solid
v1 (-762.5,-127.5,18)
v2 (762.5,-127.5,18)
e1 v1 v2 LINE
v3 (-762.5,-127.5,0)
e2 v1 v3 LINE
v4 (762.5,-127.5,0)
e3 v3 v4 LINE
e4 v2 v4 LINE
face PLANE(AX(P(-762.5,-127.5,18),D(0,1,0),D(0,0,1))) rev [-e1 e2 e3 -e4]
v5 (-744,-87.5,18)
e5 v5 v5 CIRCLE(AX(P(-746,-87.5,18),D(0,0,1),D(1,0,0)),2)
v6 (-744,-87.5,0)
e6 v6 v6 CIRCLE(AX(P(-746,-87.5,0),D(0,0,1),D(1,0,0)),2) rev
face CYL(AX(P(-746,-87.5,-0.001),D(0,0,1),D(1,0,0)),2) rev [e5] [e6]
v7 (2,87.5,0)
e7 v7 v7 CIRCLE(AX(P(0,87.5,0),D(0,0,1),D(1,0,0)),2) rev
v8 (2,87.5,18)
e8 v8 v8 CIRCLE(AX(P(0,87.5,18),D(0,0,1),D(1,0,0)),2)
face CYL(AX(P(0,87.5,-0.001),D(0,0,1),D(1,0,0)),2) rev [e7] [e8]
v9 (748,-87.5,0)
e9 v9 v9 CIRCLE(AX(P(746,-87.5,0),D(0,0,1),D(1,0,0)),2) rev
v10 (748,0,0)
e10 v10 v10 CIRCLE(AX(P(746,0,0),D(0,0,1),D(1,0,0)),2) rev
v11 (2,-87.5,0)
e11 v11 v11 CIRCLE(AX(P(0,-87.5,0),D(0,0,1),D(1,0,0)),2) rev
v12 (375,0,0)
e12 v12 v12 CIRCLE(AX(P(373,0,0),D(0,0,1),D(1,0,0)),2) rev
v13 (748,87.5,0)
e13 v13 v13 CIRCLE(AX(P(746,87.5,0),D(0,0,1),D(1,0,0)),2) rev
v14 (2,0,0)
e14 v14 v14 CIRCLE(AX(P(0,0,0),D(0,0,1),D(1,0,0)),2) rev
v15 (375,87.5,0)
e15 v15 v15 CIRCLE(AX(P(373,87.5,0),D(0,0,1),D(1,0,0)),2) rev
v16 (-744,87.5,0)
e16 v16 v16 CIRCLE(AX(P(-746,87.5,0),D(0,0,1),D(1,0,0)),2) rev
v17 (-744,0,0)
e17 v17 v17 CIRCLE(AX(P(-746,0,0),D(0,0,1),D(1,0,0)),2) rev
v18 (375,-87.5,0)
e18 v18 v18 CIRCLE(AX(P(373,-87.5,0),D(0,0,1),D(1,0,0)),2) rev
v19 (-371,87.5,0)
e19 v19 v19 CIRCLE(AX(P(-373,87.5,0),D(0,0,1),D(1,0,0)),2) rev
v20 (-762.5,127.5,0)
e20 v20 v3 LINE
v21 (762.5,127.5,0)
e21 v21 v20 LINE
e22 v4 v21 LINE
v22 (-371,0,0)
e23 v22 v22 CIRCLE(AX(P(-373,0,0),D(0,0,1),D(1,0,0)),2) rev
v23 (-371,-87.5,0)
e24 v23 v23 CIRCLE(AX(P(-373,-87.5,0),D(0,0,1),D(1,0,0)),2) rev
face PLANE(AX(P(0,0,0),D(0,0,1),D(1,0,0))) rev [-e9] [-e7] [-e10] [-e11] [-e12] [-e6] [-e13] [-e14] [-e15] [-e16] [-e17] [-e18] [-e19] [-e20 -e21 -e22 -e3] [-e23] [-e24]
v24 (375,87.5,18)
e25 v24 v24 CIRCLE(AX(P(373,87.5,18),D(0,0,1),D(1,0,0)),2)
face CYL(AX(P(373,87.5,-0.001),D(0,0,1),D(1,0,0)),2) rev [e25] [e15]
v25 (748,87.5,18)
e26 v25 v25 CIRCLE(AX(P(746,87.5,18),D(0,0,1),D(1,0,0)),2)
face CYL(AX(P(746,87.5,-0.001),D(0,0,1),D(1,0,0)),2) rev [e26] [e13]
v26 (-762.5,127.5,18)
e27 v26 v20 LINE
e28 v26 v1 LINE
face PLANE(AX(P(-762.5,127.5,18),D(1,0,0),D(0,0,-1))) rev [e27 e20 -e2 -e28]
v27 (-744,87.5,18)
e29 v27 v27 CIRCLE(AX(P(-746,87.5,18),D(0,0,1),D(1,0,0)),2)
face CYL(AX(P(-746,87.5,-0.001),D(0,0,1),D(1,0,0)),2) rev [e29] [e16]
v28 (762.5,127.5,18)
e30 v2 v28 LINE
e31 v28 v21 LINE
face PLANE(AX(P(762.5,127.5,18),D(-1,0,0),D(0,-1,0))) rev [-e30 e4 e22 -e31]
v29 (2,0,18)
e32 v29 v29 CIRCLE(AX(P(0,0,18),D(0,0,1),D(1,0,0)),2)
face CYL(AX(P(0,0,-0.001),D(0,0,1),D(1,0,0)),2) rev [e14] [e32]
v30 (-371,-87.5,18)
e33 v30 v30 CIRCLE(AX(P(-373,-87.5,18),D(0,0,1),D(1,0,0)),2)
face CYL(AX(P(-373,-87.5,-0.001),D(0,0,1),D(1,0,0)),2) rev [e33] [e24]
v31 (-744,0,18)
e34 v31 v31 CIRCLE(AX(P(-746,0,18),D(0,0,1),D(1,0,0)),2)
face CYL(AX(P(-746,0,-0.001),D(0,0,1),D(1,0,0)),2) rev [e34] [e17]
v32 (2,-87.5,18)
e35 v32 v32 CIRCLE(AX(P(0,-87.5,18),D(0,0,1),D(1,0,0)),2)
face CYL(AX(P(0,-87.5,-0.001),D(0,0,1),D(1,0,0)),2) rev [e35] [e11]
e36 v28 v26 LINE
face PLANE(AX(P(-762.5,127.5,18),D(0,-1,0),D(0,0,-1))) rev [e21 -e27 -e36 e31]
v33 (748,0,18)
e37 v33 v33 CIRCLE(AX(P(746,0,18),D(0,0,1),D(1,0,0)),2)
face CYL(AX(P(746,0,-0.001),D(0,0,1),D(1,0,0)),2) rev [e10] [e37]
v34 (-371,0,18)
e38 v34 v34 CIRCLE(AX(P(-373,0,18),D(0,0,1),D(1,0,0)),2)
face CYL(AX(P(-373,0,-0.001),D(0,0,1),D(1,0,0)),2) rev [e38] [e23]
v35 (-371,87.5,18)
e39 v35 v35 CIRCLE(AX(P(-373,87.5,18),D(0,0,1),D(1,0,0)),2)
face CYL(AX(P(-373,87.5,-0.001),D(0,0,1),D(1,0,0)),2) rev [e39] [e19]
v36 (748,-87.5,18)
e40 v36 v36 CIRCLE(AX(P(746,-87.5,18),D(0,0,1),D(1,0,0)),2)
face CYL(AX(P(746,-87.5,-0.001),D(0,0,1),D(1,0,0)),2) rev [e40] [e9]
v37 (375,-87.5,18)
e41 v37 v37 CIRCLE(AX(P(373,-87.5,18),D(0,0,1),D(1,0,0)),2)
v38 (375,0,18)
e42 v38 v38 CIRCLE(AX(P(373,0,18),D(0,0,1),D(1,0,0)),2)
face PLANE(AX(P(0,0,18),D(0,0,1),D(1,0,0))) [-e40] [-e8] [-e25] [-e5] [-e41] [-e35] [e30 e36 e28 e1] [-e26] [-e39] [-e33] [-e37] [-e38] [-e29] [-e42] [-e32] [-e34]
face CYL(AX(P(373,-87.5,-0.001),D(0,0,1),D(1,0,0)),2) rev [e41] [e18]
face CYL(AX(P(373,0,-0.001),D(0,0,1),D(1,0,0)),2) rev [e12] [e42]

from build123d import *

# Parameters (mm, degrees)
SKIZZE1_W                       = 1525
SKIZZE1_H                       = 255
AUFSATZ_LINEAR_AUSTRAGEN1_DEPTH = 18
SCHNITT_LINEAR_AUSTRAGEN1_REACH = 20
SKIZZE3_R                       = 2


with BuildPart() as part:
    # Skizze1 → Aufsatz-Linear austragen1 (new body)
    with BuildSketch(Plane.XY):
        Rectangle(SKIZZE1_W, SKIZZE1_H)
    extrude(amount=AUFSATZ_LINEAR_AUSTRAGEN1_DEPTH)

    # Skizze3 → Schnitt-Linear austragen1 (cut, up to next)
    with BuildSketch(Plane.XY.offset(18), mode=Mode.PRIVATE) as schnitt_linear_austragen1_sk1:
        with Locations((-746, 87.5)):
            Circle(SKIZZE3_R)
    schnitt_linear_austragen1_tool1 = extrude(schnitt_linear_austragen1_sk1.sketch, amount=-SCHNITT_LINEAR_AUSTRAGEN1_REACH, mode=Mode.PRIVATE) & part.part
    add(schnitt_linear_austragen1_tool1.solids().sort_by_distance((-746, 87.5, 18))[0], mode=Mode.SUBTRACT)
    # Skizze3 → Schnitt-Linear austragen1 (cut, up to next)
    with BuildSketch(Plane.XY.offset(18), mode=Mode.PRIVATE) as schnitt_linear_austragen1_sk2:
        with Locations((-746, 0)):
            Circle(SKIZZE3_R)
    schnitt_linear_austragen1_tool2 = extrude(schnitt_linear_austragen1_sk2.sketch, amount=-SCHNITT_LINEAR_AUSTRAGEN1_REACH, mode=Mode.PRIVATE) & part.part
    add(schnitt_linear_austragen1_tool2.solids().sort_by_distance((-746, 0, 18))[0], mode=Mode.SUBTRACT)
    # Skizze3 → Schnitt-Linear austragen1 (cut, up to next)
    with BuildSketch(Plane.XY.offset(18), mode=Mode.PRIVATE) as schnitt_linear_austragen1_sk3:
        with Locations((-746, -87.5)):
            Circle(SKIZZE3_R)
    schnitt_linear_austragen1_tool3 = extrude(schnitt_linear_austragen1_sk3.sketch, amount=-SCHNITT_LINEAR_AUSTRAGEN1_REACH, mode=Mode.PRIVATE) & part.part
    add(schnitt_linear_austragen1_tool3.solids().sort_by_distance((-746, -87.5, 18))[0], mode=Mode.SUBTRACT)
    # Skizze3 → Schnitt-Linear austragen1 (cut, up to next)
    with BuildSketch(Plane.XY.offset(18), mode=Mode.PRIVATE) as schnitt_linear_austragen1_sk4:
        with Locations((-373, -87.5)):
            Circle(SKIZZE3_R)
    schnitt_linear_austragen1_tool4 = extrude(schnitt_linear_austragen1_sk4.sketch, amount=-SCHNITT_LINEAR_AUSTRAGEN1_REACH, mode=Mode.PRIVATE) & part.part
    add(schnitt_linear_austragen1_tool4.solids().sort_by_distance((-373, -87.5, 18))[0], mode=Mode.SUBTRACT)
    # Skizze3 → Schnitt-Linear austragen1 (cut, up to next)
    with BuildSketch(Plane.XY.offset(18), mode=Mode.PRIVATE) as schnitt_linear_austragen1_sk5:
        with Locations((-373, 0)):
            Circle(SKIZZE3_R)
    schnitt_linear_austragen1_tool5 = extrude(schnitt_linear_austragen1_sk5.sketch, amount=-SCHNITT_LINEAR_AUSTRAGEN1_REACH, mode=Mode.PRIVATE) & part.part
    add(schnitt_linear_austragen1_tool5.solids().sort_by_distance((-373, 0, 18))[0], mode=Mode.SUBTRACT)
    # Skizze3 → Schnitt-Linear austragen1 (cut, up to next)
    with BuildSketch(Plane.XY.offset(18), mode=Mode.PRIVATE) as schnitt_linear_austragen1_sk6:
        with Locations((-373, 87.5)):
            Circle(SKIZZE3_R)
    schnitt_linear_austragen1_tool6 = extrude(schnitt_linear_austragen1_sk6.sketch, amount=-SCHNITT_LINEAR_AUSTRAGEN1_REACH, mode=Mode.PRIVATE) & part.part
    add(schnitt_linear_austragen1_tool6.solids().sort_by_distance((-373, 87.5, 18))[0], mode=Mode.SUBTRACT)
    # Skizze3 → Schnitt-Linear austragen1 (cut, up to next)
    with BuildSketch(Plane.XY.offset(18), mode=Mode.PRIVATE) as schnitt_linear_austragen1_sk7:
        with Locations((0, -87.5)):
            Circle(SKIZZE3_R)
    schnitt_linear_austragen1_tool7 = extrude(schnitt_linear_austragen1_sk7.sketch, amount=-SCHNITT_LINEAR_AUSTRAGEN1_REACH, mode=Mode.PRIVATE) & part.part
    add(schnitt_linear_austragen1_tool7.solids().sort_by_distance((0, -87.5, 18))[0], mode=Mode.SUBTRACT)
    # Skizze3 → Schnitt-Linear austragen1 (cut, up to next)
    with BuildSketch(Plane.XY.offset(18), mode=Mode.PRIVATE) as schnitt_linear_austragen1_sk8:
        Circle(SKIZZE3_R)
    schnitt_linear_austragen1_tool8 = extrude(schnitt_linear_austragen1_sk8.sketch, amount=-SCHNITT_LINEAR_AUSTRAGEN1_REACH, mode=Mode.PRIVATE) & part.part
    add(schnitt_linear_austragen1_tool8.solids().sort_by_distance((0, 0, 18))[0], mode=Mode.SUBTRACT)
    # Skizze3 → Schnitt-Linear austragen1 (cut, up to next)
    with BuildSketch(Plane.XY.offset(18), mode=Mode.PRIVATE) as schnitt_linear_austragen1_sk9:
        with Locations((0, 87.5)):
            Circle(SKIZZE3_R)
    schnitt_linear_austragen1_tool9 = extrude(schnitt_linear_austragen1_sk9.sketch, amount=-SCHNITT_LINEAR_AUSTRAGEN1_REACH, mode=Mode.PRIVATE) & part.part
    add(schnitt_linear_austragen1_tool9.solids().sort_by_distance((0, 87.5, 18))[0], mode=Mode.SUBTRACT)
    # Skizze3 → Schnitt-Linear austragen1 (cut, up to next)
    with BuildSketch(Plane.XY.offset(18), mode=Mode.PRIVATE) as schnitt_linear_austragen1_sk10:
        with Locations((373, -87.5)):
            Circle(SKIZZE3_R)
    schnitt_linear_austragen1_tool10 = extrude(schnitt_linear_austragen1_sk10.sketch, amount=-SCHNITT_LINEAR_AUSTRAGEN1_REACH, mode=Mode.PRIVATE) & part.part
    add(schnitt_linear_austragen1_tool10.solids().sort_by_distance((373, -87.5, 18))[0], mode=Mode.SUBTRACT)
    # Skizze3 → Schnitt-Linear austragen1 (cut, up to next)
    with BuildSketch(Plane.XY.offset(18), mode=Mode.PRIVATE) as schnitt_linear_austragen1_sk11:
        with Locations((373, 0)):
            Circle(SKIZZE3_R)
    schnitt_linear_austragen1_tool11 = extrude(schnitt_linear_austragen1_sk11.sketch, amount=-SCHNITT_LINEAR_AUSTRAGEN1_REACH, mode=Mode.PRIVATE) & part.part
    add(schnitt_linear_austragen1_tool11.solids().sort_by_distance((373, 0, 18))[0], mode=Mode.SUBTRACT)
    # Skizze3 → Schnitt-Linear austragen1 (cut, up to next)
    with BuildSketch(Plane.XY.offset(18), mode=Mode.PRIVATE) as schnitt_linear_austragen1_sk12:
        with Locations((373, 87.5)):
            Circle(SKIZZE3_R)
    schnitt_linear_austragen1_tool12 = extrude(schnitt_linear_austragen1_sk12.sketch, amount=-SCHNITT_LINEAR_AUSTRAGEN1_REACH, mode=Mode.PRIVATE) & part.part
    add(schnitt_linear_austragen1_tool12.solids().sort_by_distance((373, 87.5, 18))[0], mode=Mode.SUBTRACT)
    # Skizze3 → Schnitt-Linear austragen1 (cut, up to next)
    with BuildSketch(Plane.XY.offset(18), mode=Mode.PRIVATE) as schnitt_linear_austragen1_sk13:
        with Locations((746, -87.5)):
            Circle(SKIZZE3_R)
    schnitt_linear_austragen1_tool13 = extrude(schnitt_linear_austragen1_sk13.sketch, amount=-SCHNITT_LINEAR_AUSTRAGEN1_REACH, mode=Mode.PRIVATE) & part.part
    add(schnitt_linear_austragen1_tool13.solids().sort_by_distance((746, -87.5, 18))[0], mode=Mode.SUBTRACT)
    # Skizze3 → Schnitt-Linear austragen1 (cut, up to next)
    with BuildSketch(Plane.XY.offset(18), mode=Mode.PRIVATE) as schnitt_linear_austragen1_sk14:
        with Locations((746, 0)):
            Circle(SKIZZE3_R)
    schnitt_linear_austragen1_tool14 = extrude(schnitt_linear_austragen1_sk14.sketch, amount=-SCHNITT_LINEAR_AUSTRAGEN1_REACH, mode=Mode.PRIVATE) & part.part
    add(schnitt_linear_austragen1_tool14.solids().sort_by_distance((746, 0, 18))[0], mode=Mode.SUBTRACT)
    # Skizze3 → Schnitt-Linear austragen1 (cut, up to next)
    with BuildSketch(Plane.XY.offset(18), mode=Mode.PRIVATE) as schnitt_linear_austragen1_sk15:
        with Locations((746, 87.5)):
            Circle(SKIZZE3_R)
    schnitt_linear_austragen1_tool15 = extrude(schnitt_linear_austragen1_sk15.sketch, amount=-SCHNITT_LINEAR_AUSTRAGEN1_REACH, mode=Mode.PRIVATE) & part.part
    add(schnitt_linear_austragen1_tool15.solids().sort_by_distance((746, 87.5, 18))[0], mode=Mode.SUBTRACT)


solid = part.part
